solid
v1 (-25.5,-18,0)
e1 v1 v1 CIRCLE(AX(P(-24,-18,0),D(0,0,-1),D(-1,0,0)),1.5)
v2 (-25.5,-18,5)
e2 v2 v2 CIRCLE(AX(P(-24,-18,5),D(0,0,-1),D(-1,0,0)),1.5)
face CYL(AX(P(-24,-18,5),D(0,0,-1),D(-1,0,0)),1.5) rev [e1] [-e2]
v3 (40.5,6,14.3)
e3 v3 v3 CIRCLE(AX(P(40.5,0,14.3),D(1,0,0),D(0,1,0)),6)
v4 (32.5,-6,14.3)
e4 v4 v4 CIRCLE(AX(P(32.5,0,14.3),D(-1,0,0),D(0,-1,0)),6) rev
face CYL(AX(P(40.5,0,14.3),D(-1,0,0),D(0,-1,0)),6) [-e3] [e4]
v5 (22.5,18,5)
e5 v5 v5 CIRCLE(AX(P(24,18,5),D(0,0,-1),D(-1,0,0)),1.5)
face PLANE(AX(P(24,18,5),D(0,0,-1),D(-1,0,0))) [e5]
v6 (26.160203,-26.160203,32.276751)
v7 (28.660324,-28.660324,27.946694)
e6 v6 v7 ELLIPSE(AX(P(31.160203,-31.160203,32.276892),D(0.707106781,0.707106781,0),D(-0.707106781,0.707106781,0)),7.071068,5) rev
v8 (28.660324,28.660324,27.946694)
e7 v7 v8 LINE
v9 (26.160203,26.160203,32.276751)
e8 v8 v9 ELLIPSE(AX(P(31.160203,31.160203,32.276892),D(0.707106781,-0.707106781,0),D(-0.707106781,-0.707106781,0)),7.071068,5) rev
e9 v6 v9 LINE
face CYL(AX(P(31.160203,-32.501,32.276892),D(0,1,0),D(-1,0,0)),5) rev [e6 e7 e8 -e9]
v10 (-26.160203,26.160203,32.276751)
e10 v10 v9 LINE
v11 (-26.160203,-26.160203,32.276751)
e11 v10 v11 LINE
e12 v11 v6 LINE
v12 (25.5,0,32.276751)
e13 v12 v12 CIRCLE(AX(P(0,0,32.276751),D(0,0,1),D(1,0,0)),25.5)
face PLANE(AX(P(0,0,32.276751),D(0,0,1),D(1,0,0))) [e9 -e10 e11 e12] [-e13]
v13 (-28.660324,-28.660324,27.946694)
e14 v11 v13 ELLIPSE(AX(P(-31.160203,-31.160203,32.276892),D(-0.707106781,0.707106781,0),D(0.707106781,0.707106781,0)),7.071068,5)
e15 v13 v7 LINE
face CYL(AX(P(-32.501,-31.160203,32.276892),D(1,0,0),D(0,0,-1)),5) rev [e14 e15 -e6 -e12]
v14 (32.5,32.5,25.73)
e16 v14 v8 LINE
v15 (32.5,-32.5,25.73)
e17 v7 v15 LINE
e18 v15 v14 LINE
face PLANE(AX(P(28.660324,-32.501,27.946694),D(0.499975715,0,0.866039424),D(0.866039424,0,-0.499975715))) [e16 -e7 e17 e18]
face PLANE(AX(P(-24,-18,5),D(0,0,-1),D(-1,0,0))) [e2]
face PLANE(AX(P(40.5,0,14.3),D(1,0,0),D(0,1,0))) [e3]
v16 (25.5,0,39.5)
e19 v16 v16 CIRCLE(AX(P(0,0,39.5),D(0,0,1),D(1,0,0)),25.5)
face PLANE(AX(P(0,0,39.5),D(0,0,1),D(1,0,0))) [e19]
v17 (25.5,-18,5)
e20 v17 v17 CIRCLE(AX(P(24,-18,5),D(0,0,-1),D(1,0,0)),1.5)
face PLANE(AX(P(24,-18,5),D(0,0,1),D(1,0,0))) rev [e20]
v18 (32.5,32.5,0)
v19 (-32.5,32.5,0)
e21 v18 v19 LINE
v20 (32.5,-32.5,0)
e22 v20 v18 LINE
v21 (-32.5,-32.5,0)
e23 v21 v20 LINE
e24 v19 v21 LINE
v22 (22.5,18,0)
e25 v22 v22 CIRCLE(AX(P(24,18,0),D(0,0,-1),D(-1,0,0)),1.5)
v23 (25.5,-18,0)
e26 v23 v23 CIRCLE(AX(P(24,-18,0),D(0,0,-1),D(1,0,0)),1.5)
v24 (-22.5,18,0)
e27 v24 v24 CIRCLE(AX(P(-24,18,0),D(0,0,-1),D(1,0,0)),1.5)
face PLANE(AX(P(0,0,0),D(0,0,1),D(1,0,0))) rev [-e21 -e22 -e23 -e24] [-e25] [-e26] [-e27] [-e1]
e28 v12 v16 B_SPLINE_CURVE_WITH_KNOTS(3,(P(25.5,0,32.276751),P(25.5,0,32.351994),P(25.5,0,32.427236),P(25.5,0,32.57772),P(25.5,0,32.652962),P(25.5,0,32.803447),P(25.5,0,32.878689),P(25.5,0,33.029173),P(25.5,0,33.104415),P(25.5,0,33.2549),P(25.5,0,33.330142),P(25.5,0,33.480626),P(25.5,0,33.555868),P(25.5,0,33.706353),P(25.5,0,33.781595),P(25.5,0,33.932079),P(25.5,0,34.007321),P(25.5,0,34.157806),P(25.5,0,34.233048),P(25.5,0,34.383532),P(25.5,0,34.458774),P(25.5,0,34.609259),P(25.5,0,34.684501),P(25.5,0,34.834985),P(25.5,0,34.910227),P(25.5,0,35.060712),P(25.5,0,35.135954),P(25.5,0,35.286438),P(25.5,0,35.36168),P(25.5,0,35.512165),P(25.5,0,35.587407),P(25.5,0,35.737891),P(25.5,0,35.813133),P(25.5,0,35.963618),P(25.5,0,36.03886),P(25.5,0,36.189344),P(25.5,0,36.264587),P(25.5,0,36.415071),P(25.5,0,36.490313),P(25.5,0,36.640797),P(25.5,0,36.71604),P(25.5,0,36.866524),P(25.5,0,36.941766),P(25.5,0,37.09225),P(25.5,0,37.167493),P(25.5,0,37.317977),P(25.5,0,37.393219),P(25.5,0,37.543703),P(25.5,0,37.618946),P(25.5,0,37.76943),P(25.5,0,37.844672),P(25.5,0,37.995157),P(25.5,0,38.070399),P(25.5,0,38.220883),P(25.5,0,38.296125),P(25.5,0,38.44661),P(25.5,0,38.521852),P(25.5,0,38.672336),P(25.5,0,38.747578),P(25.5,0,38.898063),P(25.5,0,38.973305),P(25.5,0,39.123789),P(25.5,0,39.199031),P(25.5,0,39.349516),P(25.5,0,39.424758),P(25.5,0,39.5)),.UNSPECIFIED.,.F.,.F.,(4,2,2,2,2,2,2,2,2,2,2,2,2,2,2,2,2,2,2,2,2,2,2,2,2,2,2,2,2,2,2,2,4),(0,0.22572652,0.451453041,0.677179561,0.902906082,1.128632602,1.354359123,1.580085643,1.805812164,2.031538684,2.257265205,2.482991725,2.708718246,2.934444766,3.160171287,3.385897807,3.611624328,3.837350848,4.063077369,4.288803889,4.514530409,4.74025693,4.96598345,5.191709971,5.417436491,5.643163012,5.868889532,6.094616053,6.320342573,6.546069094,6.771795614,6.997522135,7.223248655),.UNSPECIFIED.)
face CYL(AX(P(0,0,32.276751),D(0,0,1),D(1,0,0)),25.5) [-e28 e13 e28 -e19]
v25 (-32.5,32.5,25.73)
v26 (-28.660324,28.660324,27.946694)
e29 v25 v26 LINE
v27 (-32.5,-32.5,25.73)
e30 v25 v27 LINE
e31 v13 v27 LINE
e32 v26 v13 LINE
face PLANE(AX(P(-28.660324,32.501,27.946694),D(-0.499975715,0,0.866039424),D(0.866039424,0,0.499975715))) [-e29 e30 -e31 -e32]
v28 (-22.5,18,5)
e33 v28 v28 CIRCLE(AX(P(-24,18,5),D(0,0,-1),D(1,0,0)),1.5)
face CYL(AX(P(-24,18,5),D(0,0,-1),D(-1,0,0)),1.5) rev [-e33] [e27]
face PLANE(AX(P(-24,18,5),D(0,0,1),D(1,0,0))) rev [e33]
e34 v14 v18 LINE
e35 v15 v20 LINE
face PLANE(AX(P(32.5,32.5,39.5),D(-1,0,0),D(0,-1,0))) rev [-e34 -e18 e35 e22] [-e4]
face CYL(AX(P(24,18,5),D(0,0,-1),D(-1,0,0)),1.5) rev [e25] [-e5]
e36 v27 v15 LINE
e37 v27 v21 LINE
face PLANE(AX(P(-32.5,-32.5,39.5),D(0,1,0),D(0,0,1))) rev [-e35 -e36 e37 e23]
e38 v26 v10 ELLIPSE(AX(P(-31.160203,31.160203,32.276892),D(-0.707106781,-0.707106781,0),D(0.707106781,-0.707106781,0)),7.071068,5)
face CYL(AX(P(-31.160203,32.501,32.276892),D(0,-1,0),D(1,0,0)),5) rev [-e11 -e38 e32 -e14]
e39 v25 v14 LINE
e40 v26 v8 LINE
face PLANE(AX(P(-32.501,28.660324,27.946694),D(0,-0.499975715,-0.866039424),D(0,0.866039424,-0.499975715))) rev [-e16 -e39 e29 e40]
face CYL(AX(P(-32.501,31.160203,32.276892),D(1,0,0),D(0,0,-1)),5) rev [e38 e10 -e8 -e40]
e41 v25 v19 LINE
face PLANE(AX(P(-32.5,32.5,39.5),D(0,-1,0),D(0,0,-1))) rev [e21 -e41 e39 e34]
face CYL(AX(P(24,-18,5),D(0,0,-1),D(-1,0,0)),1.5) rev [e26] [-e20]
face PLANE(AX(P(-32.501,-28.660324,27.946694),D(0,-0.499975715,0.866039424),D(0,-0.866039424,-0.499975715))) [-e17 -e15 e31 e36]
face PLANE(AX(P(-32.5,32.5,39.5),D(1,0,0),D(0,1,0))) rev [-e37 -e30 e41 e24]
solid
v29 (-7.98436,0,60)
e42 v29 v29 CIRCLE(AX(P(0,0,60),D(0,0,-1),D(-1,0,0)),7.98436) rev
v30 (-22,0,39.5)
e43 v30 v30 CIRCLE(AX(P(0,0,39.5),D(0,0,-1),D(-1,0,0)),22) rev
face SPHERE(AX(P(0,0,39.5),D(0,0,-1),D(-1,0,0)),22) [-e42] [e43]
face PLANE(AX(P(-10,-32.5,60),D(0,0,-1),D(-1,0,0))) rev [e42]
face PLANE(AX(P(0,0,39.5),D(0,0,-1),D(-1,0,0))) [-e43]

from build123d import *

# Parameters (mm, degrees)
SCHIZZO1_W                                = 65
SCHIZZO1_H                                = 65
ESTRUSIONE_ESTRUSIONE1_DEPTH              = 39.5
SCHIZZO2_R                                = 1.5
TAGLIO_ESTRUSIONE1_DEPTH                  = 5
SCHIZZO3_R                                = 6
ESTRUSIONE_ESTRUSIONE2_DEPTH              = 8
TAGLIO_ESTRUSIONE2_DEPTH                  = 32.5
RIPETIZIONECIRCOLARE1_COUNT               = 2
RIPETIZIONECIRCOLARE1_ANGLE               = 90
RIPETIZIONECIRCOLARE1_THE_OTHER_WAY_COUNT = 2
RIPETIZIONECIRCOLARE1_THE_OTHER_WAY_ANGLE = 90
SCHIZZO4_W                                = 52.3204051
SCHIZZO4_H                                = 52.3204051
SCHIZZO4_R                                = 25.5
TAGLIO_ESTRUSIONE3_DEPTH                  = 7.223249
RIVOLUZIONE2_ANGLE                        = 180
TAGLIO_ESTRUSIONE4_DEPTH                  = 81.490682691
TAGLIO_ESTRUSIONE4_DEPTH_BACK             = 81.490682691
SCHIZZO8_W                                = 20
SCHIZZO8_H                                = 2


with BuildPart() as part:
    # Schizzo1 → Estrusione-Estrusione1 (new body)
    with BuildSketch(Plane.XY):
        Rectangle(SCHIZZO1_W, SCHIZZO1_H)
    extrude(amount=ESTRUSIONE_ESTRUSIONE1_DEPTH)

    # Schizzo2 → Taglio-Estrusione1 (cut)
    with BuildSketch(Plane(origin=(0, 0, 0), x_dir=(-1, 0, 0), z_dir=(0, 0, -1))):
        with Locations((24, -18)):
            Circle(SCHIZZO2_R)
        with Locations(Location((-24, -18, 0), (0, 0, 180))):
            Circle(SCHIZZO2_R)
        with Locations((-24, 18)):
            Circle(SCHIZZO2_R)
        with Locations(Location((24, 18, 0), (0, 0, 180))):
            Circle(SCHIZZO2_R)
    extrude(amount=-TAGLIO_ESTRUSIONE1_DEPTH, mode=Mode.SUBTRACT)

    # Schizzo3 → Estrusione-Estrusione2 (add)
    with BuildSketch(Plane(origin=(32.5, 0, 0), x_dir=(0, 0, -1), z_dir=(1, 0, 0))):
        with Locations(Location((-14.3, 0, 0), (0, 0, 270))):
            Circle(SCHIZZO3_R)
    extrude(amount=ESTRUSIONE_ESTRUSIONE2_DEPTH)

    # Schizzo5 → Taglio-Estrusione2 (cut, symmetric)
    with BuildSketch(Plane.ZY):
        with BuildLine():
            Line((39.5, -32.5), (39.5, -26.16))
            Line((39.5, -26.16), (32.276751345, -26.16020255))
            ThreePointArc((32.276751345, -26.16020255), (29.77677013, -26.830145634), (27.946694431, -28.660323972))
            Line((27.946694431, -28.660323972), (25.73, -32.5))
            Line((25.73, -32.5), (39.5, -32.5))
        make_face()
    taglio_estrusione2 = extrude(amount=TAGLIO_ESTRUSIONE2_DEPTH, both=True, mode=Mode.SUBTRACT)

    # Specchia1: Taglio-Estrusione2 across plane
    add(taglio_estrusione2.mirror(Plane.ZX), mode=Mode.SUBTRACT)

    # RipetizioneCircolare1: Taglio-Estrusione2 ×2 about axis
    ripetizionecircolare1_axis = Axis((0, 0, -3), (0, 0, 1))
    for i in range(1, RIPETIZIONECIRCOLARE1_COUNT):
        add(taglio_estrusione2.rotate(ripetizionecircolare1_axis, i * RIPETIZIONECIRCOLARE1_ANGLE / (RIPETIZIONECIRCOLARE1_COUNT - 1)), mode=Mode.SUBTRACT)

    # RipetizioneCircolare1 the other way: Taglio-Estrusione2 ×2 about axis
    ripetizionecircolare1_the_other_way_axis = Axis((0, 0, -3), (0, 0, -1))
    for i in range(1, RIPETIZIONECIRCOLARE1_THE_OTHER_WAY_COUNT):
        add(taglio_estrusione2.rotate(ripetizionecircolare1_the_other_way_axis, i * RIPETIZIONECIRCOLARE1_THE_OTHER_WAY_ANGLE / (RIPETIZIONECIRCOLARE1_THE_OTHER_WAY_COUNT - 1)), mode=Mode.SUBTRACT)

    # Schizzo4 → Taglio-Estrusione3 (cut)
    with BuildSketch(Plane.XY.offset(39.5)):
        Rectangle(SCHIZZO4_W, SCHIZZO4_H)
        Circle(SCHIZZO4_R, mode=Mode.SUBTRACT)
    extrude(amount=-TAGLIO_ESTRUSIONE3_DEPTH, mode=Mode.SUBTRACT)


with BuildPart() as body_2:
    # Schizzo7 → Rivoluzione2 (revolve)
    with BuildSketch(Plane.XY.offset(39.5)):
        with BuildLine():
            ThreePointArc((0, 22), (22, 0), (0, -22))
            Line((0, -22), (0, 22))
        make_face()
    revolve(axis=Axis((0, 0, 39.5), (0, -1, 0)), revolution_arc=RIVOLUZIONE2_ANGLE)

    # Schizzo8 → Taglio-Estrusione4 (cut, two sides: drawn at the far end of the back side and taken through both)
    with BuildSketch(Plane(origin=(0, 0, 0), x_dir=(1, 0, 0), z_dir=(0, 1, 0)).offset(-TAGLIO_ESTRUSIONE4_DEPTH_BACK)):
        with Locations((0, -61)):
            Rectangle(SCHIZZO8_W, SCHIZZO8_H)
    extrude(amount=TAGLIO_ESTRUSIONE4_DEPTH + TAGLIO_ESTRUSIONE4_DEPTH_BACK, mode=Mode.SUBTRACT)


solid = Compound([part.part, body_2.part])
